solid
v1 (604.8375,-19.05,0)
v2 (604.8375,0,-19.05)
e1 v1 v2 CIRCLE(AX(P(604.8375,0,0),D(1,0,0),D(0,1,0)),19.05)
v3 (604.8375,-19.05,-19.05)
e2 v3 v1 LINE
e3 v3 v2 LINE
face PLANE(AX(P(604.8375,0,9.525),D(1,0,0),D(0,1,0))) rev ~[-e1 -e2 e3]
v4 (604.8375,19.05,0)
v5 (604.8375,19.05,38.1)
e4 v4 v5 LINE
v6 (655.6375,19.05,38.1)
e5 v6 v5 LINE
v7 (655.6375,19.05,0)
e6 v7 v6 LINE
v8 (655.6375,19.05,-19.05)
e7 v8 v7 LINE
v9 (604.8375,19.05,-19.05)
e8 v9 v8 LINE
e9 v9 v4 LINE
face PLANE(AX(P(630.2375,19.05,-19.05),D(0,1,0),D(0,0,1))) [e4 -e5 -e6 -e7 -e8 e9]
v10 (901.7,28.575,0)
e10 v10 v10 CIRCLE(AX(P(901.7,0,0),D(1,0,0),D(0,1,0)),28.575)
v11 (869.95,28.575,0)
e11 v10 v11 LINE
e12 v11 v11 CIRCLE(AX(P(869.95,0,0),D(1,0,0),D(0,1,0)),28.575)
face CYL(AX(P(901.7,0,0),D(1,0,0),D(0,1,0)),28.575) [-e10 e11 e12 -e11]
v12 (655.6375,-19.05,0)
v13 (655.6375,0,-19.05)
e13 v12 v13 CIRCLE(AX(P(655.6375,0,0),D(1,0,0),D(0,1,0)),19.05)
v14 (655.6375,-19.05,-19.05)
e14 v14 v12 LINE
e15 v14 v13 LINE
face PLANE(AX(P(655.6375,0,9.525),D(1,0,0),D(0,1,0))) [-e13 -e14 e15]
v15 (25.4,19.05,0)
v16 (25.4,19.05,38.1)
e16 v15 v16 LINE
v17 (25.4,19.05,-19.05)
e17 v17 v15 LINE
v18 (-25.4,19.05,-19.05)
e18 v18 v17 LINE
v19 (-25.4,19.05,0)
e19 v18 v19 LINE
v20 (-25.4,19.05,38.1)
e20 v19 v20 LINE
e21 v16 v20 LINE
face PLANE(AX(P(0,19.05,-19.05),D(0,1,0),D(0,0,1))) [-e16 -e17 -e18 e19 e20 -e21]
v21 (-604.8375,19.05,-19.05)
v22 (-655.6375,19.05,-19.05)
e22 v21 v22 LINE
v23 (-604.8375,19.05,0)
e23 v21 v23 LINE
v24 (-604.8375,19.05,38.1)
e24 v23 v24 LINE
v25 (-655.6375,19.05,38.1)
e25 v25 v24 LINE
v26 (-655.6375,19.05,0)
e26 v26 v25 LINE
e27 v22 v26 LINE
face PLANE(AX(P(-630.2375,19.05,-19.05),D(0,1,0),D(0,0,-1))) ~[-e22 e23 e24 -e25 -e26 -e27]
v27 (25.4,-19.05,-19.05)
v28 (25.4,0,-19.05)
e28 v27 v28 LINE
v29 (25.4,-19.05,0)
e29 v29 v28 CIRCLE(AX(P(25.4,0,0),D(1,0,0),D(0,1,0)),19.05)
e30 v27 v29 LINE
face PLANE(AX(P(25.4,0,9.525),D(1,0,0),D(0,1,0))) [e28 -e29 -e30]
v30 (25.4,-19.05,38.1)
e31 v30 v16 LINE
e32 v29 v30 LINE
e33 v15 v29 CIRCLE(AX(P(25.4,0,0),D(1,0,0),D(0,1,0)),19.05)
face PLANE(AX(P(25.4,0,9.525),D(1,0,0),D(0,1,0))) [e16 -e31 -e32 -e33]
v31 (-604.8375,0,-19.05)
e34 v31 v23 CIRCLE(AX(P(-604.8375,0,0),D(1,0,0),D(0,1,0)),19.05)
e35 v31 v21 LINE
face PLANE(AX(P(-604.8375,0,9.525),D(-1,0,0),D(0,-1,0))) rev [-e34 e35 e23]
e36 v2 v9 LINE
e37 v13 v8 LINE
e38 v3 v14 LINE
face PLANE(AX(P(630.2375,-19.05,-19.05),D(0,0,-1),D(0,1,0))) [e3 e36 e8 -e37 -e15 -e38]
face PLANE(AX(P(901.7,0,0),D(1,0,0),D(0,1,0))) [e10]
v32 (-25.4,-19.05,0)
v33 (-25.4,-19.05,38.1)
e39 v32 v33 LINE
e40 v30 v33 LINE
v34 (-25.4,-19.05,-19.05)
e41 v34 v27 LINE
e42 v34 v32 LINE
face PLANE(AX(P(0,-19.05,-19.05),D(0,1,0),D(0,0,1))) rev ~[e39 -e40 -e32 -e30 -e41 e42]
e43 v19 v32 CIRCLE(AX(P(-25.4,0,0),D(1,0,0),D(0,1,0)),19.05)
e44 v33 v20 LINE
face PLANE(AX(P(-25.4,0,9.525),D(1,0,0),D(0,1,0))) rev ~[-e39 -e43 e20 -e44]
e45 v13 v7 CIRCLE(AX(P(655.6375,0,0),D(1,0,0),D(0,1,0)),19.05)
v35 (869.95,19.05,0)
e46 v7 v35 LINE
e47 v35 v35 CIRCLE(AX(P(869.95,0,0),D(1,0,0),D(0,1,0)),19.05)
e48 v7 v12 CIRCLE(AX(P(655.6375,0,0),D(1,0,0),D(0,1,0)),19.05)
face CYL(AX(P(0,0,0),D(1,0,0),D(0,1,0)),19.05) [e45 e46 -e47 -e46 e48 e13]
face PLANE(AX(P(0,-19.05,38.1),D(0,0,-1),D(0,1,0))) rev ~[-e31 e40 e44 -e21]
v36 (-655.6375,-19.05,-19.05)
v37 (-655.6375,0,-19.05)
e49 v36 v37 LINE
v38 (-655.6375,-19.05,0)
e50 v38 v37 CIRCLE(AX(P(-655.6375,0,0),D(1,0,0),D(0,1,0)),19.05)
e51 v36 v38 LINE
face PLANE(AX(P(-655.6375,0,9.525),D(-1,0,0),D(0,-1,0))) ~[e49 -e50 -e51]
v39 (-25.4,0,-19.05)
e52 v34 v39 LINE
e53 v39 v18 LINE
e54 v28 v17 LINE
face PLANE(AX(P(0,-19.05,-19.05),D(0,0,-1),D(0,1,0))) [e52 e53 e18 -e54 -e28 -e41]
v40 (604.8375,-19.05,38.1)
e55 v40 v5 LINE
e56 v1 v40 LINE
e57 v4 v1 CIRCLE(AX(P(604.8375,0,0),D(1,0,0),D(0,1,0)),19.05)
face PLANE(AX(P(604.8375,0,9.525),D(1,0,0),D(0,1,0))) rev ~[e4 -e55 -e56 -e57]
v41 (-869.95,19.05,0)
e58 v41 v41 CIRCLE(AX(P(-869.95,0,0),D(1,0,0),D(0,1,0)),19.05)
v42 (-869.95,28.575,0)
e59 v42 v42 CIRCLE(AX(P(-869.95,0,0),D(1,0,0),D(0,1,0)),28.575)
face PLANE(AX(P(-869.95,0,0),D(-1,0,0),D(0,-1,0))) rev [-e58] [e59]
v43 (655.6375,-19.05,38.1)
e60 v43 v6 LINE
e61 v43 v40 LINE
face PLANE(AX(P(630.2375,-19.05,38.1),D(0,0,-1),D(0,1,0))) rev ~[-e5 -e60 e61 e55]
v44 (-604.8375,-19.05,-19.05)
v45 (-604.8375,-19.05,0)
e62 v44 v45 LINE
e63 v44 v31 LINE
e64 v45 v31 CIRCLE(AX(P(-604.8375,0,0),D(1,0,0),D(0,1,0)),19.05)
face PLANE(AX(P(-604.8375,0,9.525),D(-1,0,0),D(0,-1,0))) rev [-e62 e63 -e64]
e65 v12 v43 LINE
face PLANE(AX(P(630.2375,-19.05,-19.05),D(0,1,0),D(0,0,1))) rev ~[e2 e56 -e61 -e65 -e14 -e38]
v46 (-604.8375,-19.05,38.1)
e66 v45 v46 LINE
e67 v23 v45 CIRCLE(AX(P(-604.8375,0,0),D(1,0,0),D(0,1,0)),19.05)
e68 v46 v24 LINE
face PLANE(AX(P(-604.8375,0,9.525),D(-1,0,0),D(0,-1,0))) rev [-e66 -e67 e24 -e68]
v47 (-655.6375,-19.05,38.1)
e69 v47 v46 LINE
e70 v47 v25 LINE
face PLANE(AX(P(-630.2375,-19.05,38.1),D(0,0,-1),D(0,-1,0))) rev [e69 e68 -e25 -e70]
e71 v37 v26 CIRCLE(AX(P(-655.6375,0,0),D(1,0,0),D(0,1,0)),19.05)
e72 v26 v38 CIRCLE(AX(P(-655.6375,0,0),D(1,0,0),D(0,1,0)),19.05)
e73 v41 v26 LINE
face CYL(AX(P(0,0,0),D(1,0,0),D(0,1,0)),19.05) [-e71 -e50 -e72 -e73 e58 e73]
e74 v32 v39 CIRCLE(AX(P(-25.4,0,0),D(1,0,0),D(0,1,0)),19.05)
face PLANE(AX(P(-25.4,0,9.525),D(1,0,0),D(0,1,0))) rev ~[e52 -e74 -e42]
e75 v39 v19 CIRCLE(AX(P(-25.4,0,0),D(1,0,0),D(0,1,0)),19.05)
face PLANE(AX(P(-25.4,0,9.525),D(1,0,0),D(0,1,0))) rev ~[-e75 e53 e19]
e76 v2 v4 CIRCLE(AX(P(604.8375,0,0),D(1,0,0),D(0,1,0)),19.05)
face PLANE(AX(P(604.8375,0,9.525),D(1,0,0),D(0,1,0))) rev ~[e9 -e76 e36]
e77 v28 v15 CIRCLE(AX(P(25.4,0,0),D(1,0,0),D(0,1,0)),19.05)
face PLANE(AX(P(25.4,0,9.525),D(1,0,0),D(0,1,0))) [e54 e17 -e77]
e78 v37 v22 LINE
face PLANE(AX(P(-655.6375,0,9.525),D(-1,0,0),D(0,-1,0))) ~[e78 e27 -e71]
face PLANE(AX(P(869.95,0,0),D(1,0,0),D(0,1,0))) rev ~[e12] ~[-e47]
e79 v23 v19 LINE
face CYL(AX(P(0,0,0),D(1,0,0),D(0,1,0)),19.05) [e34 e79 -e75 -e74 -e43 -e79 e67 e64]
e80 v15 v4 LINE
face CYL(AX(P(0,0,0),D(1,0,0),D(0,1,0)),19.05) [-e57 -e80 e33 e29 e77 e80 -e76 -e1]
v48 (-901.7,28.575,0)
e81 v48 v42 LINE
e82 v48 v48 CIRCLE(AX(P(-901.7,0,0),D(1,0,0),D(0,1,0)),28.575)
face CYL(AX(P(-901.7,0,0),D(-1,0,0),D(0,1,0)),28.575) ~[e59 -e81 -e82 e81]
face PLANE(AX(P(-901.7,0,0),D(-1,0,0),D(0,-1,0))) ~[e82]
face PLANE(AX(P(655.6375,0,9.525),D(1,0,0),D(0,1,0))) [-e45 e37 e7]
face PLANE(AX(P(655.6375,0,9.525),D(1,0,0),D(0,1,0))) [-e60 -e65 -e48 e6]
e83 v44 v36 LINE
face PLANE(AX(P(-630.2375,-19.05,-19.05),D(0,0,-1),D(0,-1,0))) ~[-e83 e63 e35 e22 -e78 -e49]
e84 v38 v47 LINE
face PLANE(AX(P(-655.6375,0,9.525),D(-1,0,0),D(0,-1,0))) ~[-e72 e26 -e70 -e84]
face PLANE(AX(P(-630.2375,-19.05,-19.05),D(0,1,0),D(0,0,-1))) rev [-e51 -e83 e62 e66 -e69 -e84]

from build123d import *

# Parameters (mm, degrees)
F0_R     = 19.05
F1_DEPTH = 901.7
F2_W     = 38.1
F2_H     = 57.15
F3_DEPTH = 25.4
F5_W     = 38.1
F5_H     = 57.15
F6_DEPTH = 25.4
F7_R     = 28.575
F7_R_2   = 19.05
F8_DEPTH = 31.75


with BuildPart() as f1:
    # F0 (on Right) → F1 (new body, symmetric)
    with BuildSketch(Plane.YZ):
        Circle(F0_R)
    extrude(amount=F1_DEPTH, both=True)

    # F2 (on Right) → F3 (join, symmetric)
    with BuildSketch(Plane.YZ):
        with Locations((0, 9.525)):
            Rectangle(F2_W, F2_H)
    extrude(amount=F3_DEPTH, both=True)

    # F5 (on offset) → F6 (join, symmetric)
    with BuildSketch(Plane.YZ.offset(630.2375)):
        with Locations((0, 9.525)):
            Rectangle(F5_W, F5_H)
    extrude(amount=F6_DEPTH, both=True)



with BuildPart() as f8:
    # F7 (on face) → F8 (new body)
    with BuildSketch(Plane.YZ.offset(901.7)):
        Circle(F7_R)
        Circle(F7_R_2, mode=Mode.SUBTRACT)
    extrude(amount=-F8_DEPTH)


with BuildPart() as f1_1:
    add(f1.part)

    add(f8.part)  # F9 merges F8
    # F9: F1, F8 across plane
    add(f1.part.mirror(Plane.YZ))
    add(f8.part.mirror(Plane.YZ))


solid = f1_1.part
